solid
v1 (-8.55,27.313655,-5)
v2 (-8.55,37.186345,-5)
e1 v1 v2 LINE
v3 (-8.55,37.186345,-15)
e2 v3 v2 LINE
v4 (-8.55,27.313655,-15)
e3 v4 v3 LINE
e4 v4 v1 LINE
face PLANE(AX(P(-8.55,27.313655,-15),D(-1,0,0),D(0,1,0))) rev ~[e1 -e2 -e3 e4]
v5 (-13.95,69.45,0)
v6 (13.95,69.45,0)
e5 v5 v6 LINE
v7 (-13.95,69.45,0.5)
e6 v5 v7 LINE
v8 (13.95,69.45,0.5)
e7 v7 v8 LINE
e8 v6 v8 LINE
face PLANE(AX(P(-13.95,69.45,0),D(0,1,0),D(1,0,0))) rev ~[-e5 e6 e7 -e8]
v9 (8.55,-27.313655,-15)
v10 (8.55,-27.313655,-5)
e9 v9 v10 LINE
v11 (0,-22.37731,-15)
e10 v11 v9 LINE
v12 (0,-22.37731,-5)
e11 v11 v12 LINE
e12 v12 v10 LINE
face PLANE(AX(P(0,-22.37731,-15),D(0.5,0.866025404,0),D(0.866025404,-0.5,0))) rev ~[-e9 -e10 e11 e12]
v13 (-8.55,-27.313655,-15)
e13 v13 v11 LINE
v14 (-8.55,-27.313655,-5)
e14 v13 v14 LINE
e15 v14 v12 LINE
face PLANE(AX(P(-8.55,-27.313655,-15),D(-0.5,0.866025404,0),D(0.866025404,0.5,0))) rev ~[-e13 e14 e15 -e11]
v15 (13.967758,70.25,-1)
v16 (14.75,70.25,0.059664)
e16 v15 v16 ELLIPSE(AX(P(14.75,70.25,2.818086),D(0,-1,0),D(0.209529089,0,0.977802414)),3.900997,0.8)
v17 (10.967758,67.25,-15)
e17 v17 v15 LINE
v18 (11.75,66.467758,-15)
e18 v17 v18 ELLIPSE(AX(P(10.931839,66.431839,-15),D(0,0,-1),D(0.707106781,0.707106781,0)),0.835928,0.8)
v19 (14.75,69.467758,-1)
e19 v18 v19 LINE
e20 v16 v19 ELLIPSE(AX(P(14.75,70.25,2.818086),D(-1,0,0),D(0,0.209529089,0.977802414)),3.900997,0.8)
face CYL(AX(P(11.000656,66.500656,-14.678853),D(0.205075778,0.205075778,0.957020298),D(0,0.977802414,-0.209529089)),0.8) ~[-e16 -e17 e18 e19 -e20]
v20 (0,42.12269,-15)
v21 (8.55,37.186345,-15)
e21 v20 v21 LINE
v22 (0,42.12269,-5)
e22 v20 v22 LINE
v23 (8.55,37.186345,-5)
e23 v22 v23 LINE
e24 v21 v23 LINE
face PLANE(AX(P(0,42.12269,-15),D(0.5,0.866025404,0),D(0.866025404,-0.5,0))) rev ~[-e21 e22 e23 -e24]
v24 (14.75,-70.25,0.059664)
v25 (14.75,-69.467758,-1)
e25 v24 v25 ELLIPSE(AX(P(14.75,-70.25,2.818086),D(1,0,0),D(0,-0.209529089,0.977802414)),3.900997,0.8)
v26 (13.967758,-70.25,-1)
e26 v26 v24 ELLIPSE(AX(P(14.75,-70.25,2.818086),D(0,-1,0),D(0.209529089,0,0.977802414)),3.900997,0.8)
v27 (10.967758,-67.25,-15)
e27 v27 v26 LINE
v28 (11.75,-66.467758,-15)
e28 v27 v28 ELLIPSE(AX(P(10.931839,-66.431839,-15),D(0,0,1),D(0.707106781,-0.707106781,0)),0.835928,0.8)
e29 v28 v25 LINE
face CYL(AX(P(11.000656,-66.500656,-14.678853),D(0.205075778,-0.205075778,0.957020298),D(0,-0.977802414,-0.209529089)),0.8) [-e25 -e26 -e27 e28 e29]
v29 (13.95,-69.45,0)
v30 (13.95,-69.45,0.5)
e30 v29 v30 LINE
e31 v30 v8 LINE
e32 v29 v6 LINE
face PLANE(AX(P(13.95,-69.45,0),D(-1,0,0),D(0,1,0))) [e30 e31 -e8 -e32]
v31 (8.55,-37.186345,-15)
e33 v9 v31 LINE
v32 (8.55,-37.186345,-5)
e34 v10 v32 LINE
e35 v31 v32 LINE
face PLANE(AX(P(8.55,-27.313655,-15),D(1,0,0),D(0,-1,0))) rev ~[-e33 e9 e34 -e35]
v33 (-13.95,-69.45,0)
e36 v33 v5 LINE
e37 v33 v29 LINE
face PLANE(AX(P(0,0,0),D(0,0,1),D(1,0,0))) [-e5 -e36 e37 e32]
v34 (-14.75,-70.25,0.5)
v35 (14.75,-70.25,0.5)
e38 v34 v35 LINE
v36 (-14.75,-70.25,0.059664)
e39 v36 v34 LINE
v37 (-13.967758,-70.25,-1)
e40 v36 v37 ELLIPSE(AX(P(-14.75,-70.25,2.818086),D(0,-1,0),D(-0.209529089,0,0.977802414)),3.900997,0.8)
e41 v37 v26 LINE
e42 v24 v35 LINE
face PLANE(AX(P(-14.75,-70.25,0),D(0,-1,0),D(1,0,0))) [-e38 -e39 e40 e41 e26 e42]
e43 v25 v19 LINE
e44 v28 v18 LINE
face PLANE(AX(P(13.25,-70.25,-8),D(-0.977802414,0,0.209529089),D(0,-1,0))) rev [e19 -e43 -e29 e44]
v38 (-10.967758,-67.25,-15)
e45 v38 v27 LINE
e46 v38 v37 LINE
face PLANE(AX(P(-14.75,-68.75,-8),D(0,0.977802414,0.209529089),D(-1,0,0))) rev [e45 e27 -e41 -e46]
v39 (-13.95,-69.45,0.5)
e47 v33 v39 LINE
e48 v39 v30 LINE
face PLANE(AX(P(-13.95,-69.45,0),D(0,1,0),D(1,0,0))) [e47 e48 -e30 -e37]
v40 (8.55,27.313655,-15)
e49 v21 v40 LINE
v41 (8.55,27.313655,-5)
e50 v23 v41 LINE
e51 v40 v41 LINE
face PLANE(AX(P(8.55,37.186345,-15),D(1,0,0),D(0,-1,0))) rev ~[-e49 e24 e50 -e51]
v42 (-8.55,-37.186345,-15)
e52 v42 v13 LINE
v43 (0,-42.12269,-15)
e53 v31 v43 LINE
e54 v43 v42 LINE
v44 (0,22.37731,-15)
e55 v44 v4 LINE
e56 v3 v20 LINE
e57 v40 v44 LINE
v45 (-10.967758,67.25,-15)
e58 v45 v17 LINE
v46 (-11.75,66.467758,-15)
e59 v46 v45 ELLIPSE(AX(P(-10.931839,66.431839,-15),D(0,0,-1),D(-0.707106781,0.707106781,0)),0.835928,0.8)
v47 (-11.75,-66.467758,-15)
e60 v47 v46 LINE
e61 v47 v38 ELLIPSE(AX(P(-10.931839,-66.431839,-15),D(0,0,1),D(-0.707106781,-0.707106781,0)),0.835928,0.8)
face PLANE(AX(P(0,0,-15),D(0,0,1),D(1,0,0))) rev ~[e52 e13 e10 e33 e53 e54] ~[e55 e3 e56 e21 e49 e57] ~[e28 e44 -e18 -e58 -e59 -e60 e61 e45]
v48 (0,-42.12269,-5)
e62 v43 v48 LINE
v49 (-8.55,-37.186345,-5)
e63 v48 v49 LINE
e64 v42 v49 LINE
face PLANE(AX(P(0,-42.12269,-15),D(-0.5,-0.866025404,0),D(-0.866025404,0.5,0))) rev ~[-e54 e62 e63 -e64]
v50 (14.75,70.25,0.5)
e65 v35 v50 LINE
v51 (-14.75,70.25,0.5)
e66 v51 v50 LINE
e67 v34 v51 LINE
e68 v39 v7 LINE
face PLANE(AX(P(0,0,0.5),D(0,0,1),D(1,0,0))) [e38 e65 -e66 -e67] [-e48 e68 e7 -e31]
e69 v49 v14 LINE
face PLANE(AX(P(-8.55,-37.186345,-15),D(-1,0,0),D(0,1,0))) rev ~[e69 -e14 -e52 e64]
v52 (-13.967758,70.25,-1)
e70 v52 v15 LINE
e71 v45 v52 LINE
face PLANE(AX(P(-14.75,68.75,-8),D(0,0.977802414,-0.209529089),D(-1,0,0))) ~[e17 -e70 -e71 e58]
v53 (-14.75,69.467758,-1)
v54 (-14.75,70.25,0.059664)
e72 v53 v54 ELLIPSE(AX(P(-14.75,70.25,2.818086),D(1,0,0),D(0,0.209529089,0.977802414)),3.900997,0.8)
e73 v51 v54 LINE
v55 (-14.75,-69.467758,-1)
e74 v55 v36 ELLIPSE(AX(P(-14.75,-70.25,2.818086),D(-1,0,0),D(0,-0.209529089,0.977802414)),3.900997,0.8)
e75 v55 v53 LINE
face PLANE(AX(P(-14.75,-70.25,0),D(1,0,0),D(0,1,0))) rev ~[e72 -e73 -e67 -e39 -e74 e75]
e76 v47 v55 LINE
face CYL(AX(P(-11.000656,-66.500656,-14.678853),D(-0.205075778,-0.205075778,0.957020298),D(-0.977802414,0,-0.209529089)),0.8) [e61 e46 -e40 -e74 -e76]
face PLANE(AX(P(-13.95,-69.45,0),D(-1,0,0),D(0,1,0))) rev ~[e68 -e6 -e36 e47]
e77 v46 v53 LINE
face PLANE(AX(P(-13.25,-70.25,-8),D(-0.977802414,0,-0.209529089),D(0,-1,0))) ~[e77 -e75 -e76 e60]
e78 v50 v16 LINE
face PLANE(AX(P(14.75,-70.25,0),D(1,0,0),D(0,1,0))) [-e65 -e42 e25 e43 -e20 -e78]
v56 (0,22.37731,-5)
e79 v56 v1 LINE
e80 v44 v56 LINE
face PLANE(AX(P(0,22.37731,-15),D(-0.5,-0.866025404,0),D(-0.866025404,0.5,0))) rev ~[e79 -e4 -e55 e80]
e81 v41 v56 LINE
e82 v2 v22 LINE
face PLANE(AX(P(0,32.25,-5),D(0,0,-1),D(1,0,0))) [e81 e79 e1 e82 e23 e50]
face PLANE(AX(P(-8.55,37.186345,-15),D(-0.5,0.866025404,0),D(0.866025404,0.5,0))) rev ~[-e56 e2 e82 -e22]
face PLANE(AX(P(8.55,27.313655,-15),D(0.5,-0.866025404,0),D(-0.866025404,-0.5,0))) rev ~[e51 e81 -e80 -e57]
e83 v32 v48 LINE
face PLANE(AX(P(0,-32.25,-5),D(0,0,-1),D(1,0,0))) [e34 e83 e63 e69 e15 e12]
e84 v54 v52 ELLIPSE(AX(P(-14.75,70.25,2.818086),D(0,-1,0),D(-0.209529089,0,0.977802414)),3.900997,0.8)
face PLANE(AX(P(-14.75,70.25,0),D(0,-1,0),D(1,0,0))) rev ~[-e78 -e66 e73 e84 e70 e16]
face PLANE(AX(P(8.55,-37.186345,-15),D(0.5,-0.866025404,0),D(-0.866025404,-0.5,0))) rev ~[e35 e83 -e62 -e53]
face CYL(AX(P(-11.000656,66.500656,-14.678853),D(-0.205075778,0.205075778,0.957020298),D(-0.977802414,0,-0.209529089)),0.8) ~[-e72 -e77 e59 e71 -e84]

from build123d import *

# Parameters (mm, degrees)
F1_W     = 29.5
F1_H     = 140.5
F1_W_2   = 27.9
F1_H_2   = 138.9
F2_DEPTH = 0.5
F3_DEPTH = 15
F4_SIZE2 = 14
F4_SIZE  = 3
F5_R     = 0.8
F7_DEPTH = 10


with BuildPart() as f2:
    # F1 (on Top) → F2 (new body)
    with BuildSketch(Plane.XY):
        Rectangle(F1_W, F1_H)
        Rectangle(F1_W_2, F1_H_2, mode=Mode.SUBTRACT)
    extrude(amount=F2_DEPTH)

    # F1 (on Top) → F3 (join)
    with BuildSketch(Plane.XY):
        Rectangle(F1_W, F1_H)
        Rectangle(F1_W_2, F1_H_2, mode=Mode.SUBTRACT)
        Rectangle(F1_W_2, F1_H_2)
    extrude(amount=-F3_DEPTH)

    # F4
    f4_edges = [f2.edges().sort_by_distance(p)[0] for p in [
        (0, -70.25, -15),
        (14.75, 0, -15),
        (0, 70.25, -15),
        (-14.75, 0, -15),
    ]]
    f4_side = f2.faces().sort_by_distance((0, 0, -15))[0]
    chamfer(f4_edges, length=F4_SIZE, length2=F4_SIZE2, reference=f4_side)

    # F5
    f5_edges = [f2.edges().sort_by_distance(p)[0] for p in [
        (13.25, 68.75, -8),
        (-13.25, 68.75, -8),
        (13.25, -68.75, -8),
        (-13.25, -68.75, -8),
    ]]
    fillet(f5_edges, radius=F5_R)

    # F6 (on face) → F7 (cut)
    with BuildSketch(Plane(origin=(0, 0, -15), x_dir=(1, 0, 0), z_dir=(0, 0, -1))):
        Polygon((-8.55, 37.1863448016), (-8.55, 27.3136551984), (0, 22.3773103969), (8.55, 27.3136551984), (8.55, 37.1863448016), (0, 42.1226896031), align=None)
        Polygon((-8.55, -37.1863448016), (0, -42.1226896031), (8.55, -37.1863448016), (8.55, -27.3136551984), (0, -22.3773103969), (-8.55, -27.3136551984), align=None)
    extrude(amount=-F7_DEPTH, mode=Mode.SUBTRACT)


solid = f2.part
